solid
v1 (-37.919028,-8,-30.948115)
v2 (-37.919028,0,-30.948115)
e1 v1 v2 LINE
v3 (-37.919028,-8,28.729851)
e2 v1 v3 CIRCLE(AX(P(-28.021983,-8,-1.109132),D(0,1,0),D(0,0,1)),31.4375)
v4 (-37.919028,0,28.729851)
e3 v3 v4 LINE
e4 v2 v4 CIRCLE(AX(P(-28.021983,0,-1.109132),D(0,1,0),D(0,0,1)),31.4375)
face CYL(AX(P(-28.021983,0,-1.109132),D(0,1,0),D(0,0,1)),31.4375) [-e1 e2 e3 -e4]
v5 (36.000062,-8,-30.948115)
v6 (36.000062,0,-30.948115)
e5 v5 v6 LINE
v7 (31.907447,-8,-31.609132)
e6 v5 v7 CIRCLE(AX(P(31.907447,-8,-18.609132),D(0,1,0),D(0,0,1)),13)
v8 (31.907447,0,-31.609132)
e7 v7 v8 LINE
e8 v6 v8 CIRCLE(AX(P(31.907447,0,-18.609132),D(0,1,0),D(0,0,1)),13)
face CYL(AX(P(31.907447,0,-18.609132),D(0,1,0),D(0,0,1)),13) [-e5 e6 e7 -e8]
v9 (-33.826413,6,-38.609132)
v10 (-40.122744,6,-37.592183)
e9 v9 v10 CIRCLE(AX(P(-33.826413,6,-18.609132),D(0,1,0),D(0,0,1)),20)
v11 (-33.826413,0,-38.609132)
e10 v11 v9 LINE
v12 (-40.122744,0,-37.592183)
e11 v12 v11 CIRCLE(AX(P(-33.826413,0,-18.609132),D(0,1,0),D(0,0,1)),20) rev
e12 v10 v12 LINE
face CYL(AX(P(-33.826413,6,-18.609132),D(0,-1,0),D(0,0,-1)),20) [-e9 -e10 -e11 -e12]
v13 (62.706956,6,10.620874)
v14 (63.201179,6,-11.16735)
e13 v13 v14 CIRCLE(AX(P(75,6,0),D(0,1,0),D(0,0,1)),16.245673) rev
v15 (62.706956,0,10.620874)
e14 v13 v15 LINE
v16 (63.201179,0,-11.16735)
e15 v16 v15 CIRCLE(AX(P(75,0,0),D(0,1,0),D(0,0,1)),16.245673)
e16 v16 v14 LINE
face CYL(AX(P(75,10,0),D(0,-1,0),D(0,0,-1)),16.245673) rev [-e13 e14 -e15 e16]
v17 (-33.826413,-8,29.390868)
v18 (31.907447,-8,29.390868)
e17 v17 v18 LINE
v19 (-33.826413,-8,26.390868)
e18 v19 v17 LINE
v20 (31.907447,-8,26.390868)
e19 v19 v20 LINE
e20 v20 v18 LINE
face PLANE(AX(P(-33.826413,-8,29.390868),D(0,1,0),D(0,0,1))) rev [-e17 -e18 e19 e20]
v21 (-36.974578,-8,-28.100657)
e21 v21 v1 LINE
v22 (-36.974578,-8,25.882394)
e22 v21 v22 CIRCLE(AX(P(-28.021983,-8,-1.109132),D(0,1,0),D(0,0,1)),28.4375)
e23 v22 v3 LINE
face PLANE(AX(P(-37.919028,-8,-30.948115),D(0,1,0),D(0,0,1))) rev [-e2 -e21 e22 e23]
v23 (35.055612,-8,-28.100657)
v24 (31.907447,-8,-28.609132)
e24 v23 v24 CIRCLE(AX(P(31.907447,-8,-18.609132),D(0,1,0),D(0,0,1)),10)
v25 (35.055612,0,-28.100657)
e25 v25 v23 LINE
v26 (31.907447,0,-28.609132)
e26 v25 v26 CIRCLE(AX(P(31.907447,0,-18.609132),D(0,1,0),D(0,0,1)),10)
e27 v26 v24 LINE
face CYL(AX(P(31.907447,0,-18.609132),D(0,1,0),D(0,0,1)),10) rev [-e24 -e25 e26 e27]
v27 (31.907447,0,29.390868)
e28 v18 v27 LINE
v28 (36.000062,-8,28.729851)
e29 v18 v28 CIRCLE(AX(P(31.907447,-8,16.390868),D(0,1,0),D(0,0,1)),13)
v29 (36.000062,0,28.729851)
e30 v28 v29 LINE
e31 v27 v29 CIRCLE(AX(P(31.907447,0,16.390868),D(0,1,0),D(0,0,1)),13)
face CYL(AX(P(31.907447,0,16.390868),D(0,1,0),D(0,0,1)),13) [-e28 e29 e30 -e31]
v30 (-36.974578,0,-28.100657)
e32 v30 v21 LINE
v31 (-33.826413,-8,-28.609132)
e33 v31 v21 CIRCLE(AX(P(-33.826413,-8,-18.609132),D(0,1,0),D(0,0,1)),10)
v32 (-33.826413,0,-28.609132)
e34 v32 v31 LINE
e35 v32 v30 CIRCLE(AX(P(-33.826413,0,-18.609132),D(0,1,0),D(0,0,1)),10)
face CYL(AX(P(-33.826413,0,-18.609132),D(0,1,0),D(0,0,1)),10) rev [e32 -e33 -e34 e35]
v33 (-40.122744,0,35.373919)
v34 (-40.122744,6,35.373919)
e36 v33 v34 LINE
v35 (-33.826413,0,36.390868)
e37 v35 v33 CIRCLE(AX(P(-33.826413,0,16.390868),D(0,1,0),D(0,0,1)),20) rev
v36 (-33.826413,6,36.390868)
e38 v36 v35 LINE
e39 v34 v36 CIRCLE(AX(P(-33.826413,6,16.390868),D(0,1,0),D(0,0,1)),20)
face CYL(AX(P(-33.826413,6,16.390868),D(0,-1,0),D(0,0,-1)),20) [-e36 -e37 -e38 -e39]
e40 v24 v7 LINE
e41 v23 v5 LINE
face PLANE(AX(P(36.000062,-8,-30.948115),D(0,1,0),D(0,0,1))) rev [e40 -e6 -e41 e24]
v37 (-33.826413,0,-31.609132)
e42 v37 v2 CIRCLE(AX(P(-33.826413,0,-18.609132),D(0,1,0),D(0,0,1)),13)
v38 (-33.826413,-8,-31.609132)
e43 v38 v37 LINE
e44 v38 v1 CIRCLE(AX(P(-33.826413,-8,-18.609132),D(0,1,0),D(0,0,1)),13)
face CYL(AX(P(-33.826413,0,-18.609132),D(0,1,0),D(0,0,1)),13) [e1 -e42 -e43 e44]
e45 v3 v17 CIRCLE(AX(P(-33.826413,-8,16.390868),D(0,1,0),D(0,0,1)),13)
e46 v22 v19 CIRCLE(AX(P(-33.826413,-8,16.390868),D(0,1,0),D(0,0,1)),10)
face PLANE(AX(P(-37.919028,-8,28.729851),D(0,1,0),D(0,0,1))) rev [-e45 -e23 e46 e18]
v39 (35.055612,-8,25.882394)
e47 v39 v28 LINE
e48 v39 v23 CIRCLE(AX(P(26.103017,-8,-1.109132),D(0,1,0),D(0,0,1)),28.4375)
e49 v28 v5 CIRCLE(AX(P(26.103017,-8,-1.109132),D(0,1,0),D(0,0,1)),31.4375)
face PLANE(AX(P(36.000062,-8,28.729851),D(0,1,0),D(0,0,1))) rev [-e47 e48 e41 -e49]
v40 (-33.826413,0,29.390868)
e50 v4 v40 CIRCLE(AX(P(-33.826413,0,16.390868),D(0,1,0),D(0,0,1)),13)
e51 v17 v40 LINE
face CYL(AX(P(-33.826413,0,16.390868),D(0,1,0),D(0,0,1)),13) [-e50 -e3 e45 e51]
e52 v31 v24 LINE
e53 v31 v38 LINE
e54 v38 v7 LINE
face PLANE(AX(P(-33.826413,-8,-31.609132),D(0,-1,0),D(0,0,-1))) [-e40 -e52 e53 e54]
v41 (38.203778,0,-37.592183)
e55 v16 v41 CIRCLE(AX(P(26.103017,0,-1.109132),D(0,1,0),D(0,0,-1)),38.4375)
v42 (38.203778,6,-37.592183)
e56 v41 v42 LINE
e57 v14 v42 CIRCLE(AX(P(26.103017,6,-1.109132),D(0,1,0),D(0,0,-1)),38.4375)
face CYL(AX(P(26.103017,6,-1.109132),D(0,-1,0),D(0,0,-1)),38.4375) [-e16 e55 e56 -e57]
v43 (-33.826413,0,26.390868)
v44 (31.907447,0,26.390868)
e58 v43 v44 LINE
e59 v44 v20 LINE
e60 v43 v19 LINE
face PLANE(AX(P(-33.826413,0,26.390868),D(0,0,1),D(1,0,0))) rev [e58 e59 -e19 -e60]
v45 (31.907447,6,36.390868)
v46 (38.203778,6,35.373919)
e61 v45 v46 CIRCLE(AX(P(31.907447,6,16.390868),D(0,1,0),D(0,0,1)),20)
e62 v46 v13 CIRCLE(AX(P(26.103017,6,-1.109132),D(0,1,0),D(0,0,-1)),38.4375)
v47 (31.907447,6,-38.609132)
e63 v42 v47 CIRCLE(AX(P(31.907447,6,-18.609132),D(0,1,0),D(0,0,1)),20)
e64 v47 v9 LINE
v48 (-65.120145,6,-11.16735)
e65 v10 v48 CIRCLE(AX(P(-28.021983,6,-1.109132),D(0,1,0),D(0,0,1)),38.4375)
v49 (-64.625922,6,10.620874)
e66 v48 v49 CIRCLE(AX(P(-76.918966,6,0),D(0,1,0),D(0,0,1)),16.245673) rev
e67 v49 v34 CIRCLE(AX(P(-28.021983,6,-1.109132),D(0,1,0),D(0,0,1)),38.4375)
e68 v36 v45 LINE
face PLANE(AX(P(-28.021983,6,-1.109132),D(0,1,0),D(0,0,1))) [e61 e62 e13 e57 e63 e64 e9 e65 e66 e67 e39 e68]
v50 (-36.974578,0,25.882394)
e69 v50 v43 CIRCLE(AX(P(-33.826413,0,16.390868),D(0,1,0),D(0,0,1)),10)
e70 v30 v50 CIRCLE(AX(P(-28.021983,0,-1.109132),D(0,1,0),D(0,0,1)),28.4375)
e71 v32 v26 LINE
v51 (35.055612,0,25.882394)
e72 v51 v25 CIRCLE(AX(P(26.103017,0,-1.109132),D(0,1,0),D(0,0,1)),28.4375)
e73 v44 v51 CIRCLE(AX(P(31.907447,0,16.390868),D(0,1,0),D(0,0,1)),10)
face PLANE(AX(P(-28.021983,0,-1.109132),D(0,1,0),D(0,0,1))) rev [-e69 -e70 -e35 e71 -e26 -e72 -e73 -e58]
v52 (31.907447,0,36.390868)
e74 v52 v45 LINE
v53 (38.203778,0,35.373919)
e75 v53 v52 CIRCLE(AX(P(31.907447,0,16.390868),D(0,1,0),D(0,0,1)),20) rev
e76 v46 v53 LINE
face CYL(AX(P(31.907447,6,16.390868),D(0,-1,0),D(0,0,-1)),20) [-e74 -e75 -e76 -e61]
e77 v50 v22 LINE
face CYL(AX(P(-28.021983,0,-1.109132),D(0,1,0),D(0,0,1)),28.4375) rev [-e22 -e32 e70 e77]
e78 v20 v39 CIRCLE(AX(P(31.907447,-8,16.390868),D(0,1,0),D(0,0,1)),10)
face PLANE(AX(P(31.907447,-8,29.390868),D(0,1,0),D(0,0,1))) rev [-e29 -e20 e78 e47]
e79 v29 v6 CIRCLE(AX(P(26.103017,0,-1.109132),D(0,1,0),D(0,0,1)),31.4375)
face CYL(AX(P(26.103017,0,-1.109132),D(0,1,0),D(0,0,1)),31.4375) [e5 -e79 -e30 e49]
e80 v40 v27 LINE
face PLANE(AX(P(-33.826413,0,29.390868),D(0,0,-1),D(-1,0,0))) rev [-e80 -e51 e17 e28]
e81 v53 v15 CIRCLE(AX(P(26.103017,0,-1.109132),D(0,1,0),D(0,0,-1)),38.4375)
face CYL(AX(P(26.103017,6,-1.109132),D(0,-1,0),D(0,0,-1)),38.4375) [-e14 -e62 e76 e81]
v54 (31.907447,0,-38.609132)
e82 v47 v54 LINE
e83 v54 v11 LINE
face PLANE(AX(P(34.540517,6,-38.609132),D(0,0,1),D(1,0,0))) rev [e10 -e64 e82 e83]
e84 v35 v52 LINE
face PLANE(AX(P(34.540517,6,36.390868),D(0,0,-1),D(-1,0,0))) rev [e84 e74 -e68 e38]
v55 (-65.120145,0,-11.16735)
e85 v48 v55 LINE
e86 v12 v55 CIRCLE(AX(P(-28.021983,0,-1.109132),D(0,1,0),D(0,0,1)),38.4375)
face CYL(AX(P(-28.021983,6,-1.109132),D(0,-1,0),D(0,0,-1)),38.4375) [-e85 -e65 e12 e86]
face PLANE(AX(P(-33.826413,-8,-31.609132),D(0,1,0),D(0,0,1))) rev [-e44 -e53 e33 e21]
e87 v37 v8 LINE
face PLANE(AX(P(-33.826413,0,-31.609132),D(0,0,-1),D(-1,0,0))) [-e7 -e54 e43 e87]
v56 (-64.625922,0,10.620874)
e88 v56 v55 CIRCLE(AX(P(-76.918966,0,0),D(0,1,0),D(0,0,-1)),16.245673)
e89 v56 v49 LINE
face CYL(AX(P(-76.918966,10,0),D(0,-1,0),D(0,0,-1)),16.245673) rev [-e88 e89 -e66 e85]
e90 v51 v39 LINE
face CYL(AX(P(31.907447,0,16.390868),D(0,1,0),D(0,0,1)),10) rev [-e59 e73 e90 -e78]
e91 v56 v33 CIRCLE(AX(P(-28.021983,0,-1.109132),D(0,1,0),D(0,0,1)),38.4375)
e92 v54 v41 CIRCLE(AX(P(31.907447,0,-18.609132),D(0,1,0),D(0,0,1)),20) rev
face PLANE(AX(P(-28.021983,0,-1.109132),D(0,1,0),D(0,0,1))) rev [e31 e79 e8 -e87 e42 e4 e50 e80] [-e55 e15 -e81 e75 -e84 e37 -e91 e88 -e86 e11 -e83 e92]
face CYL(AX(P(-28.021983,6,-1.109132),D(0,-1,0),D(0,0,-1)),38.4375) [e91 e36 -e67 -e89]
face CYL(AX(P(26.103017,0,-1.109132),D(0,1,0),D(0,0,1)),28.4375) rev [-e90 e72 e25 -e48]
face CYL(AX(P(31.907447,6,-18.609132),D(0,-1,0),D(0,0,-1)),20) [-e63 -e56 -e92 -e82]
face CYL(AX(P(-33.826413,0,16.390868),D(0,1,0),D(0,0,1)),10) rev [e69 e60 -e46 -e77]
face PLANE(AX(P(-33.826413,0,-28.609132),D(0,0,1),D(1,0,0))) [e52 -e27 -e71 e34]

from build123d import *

# Parameters (mm, degrees)
BOSS_EXTRUDE1_DEPTH = 6
FILLET1_R           = 20
SKETCH4_W           = 3
SKETCH4_H           = 8
SKETCH6_R           = 16.245672788
CUT_EXTRUDE1_DEPTH  = 10


with BuildPart() as part:
    # Sketch1 → Boss-Extrude1 (new body)
    with BuildSketch(Plane(origin=(0, 0, 0), x_dir=(1, 0, 0), z_dir=(0, 1, 0))):
        with BuildLine():
            Line((34.540516942, 38.609131748), (-36.459483058, 38.609131748))
            ThreePointArc((-36.459483058, 38.609131748), (-66.459483058, 1.109131748), (-36.459483058, -36.390868252))
            Line((-36.459483058, -36.390868252), (34.540516942, -36.390868252))
            ThreePointArc((34.540516942, -36.390868252), (64.540516942, 1.109131748), (34.540516942, 38.609131748))
        make_face()
    extrude(amount=BOSS_EXTRUDE1_DEPTH)

    # Fillet1
    fillet1_edges = [part.edges().sort_by_distance(p)[0] for p in [
        (-36.459483058, 3, -38.609131748),
        (34.540516942, 3, -38.609131748),
        (34.540516942, 3, 36.390868252),
        (-36.459483058, 3, 36.390868252),
    ]]
    fillet(fillet1_edges, radius=FILLET1_R)

    # Sweep1: sweep along a path in Sketch3
    with BuildLine(Plane.XZ) as sweep1_path:
        Line((31.907446823, 29.390868252), (-33.82641294, 29.390868252))
        ThreePointArc((-33.82641294, 29.390868252), (-35.899239553, 29.224550102), (-37.919027907, 28.729851303))
        ThreePointArc((-37.919027907, 28.729851303), (-59.459483058, -1.109131748), (-37.919027907, -30.948114799))
        ThreePointArc((-37.919027907, -30.948114799), (-35.899239553, -31.442813598), (-33.82641294, -31.609131748))
        Line((-33.82641294, -31.609131748), (31.907446823, -31.609131748))
        ThreePointArc((31.907446823, -31.609131748), (33.980273437, -31.442813598), (36.000061791, -30.948114799))
        ThreePointArc((36.000061791, -30.948114799), (57.540516942, -1.109131748), (36.000061791, 28.729851303))
        ThreePointArc((36.000061791, 28.729851303), (33.980273437, 29.224550102), (31.907446823, 29.390868252))
    # Sketch4 → Sweep1 (sweep)
    with BuildSketch(Plane(origin=(31.907446823, 0, -31.609131748), x_dir=(0, 0, -1), z_dir=(1, 0, 0))):
        with Locations((-1.5, -4)):
            Rectangle(SKETCH4_W, SKETCH4_H)
    sweep(path=sweep1_path.line)

    # Sketch6 → Cut-Extrude1 (cut)
    with BuildSketch(Plane(origin=(0, 0, 0), x_dir=(1, 0, 0), z_dir=(0, 1, 0))):
        with Locations((75, 0)):
            Circle(SKETCH6_R)
        with Locations((-76.918966117, 0)):
            Circle(SKETCH6_R)
    extrude(amount=CUT_EXTRUDE1_DEPTH, mode=Mode.SUBTRACT)


solid = part.part
